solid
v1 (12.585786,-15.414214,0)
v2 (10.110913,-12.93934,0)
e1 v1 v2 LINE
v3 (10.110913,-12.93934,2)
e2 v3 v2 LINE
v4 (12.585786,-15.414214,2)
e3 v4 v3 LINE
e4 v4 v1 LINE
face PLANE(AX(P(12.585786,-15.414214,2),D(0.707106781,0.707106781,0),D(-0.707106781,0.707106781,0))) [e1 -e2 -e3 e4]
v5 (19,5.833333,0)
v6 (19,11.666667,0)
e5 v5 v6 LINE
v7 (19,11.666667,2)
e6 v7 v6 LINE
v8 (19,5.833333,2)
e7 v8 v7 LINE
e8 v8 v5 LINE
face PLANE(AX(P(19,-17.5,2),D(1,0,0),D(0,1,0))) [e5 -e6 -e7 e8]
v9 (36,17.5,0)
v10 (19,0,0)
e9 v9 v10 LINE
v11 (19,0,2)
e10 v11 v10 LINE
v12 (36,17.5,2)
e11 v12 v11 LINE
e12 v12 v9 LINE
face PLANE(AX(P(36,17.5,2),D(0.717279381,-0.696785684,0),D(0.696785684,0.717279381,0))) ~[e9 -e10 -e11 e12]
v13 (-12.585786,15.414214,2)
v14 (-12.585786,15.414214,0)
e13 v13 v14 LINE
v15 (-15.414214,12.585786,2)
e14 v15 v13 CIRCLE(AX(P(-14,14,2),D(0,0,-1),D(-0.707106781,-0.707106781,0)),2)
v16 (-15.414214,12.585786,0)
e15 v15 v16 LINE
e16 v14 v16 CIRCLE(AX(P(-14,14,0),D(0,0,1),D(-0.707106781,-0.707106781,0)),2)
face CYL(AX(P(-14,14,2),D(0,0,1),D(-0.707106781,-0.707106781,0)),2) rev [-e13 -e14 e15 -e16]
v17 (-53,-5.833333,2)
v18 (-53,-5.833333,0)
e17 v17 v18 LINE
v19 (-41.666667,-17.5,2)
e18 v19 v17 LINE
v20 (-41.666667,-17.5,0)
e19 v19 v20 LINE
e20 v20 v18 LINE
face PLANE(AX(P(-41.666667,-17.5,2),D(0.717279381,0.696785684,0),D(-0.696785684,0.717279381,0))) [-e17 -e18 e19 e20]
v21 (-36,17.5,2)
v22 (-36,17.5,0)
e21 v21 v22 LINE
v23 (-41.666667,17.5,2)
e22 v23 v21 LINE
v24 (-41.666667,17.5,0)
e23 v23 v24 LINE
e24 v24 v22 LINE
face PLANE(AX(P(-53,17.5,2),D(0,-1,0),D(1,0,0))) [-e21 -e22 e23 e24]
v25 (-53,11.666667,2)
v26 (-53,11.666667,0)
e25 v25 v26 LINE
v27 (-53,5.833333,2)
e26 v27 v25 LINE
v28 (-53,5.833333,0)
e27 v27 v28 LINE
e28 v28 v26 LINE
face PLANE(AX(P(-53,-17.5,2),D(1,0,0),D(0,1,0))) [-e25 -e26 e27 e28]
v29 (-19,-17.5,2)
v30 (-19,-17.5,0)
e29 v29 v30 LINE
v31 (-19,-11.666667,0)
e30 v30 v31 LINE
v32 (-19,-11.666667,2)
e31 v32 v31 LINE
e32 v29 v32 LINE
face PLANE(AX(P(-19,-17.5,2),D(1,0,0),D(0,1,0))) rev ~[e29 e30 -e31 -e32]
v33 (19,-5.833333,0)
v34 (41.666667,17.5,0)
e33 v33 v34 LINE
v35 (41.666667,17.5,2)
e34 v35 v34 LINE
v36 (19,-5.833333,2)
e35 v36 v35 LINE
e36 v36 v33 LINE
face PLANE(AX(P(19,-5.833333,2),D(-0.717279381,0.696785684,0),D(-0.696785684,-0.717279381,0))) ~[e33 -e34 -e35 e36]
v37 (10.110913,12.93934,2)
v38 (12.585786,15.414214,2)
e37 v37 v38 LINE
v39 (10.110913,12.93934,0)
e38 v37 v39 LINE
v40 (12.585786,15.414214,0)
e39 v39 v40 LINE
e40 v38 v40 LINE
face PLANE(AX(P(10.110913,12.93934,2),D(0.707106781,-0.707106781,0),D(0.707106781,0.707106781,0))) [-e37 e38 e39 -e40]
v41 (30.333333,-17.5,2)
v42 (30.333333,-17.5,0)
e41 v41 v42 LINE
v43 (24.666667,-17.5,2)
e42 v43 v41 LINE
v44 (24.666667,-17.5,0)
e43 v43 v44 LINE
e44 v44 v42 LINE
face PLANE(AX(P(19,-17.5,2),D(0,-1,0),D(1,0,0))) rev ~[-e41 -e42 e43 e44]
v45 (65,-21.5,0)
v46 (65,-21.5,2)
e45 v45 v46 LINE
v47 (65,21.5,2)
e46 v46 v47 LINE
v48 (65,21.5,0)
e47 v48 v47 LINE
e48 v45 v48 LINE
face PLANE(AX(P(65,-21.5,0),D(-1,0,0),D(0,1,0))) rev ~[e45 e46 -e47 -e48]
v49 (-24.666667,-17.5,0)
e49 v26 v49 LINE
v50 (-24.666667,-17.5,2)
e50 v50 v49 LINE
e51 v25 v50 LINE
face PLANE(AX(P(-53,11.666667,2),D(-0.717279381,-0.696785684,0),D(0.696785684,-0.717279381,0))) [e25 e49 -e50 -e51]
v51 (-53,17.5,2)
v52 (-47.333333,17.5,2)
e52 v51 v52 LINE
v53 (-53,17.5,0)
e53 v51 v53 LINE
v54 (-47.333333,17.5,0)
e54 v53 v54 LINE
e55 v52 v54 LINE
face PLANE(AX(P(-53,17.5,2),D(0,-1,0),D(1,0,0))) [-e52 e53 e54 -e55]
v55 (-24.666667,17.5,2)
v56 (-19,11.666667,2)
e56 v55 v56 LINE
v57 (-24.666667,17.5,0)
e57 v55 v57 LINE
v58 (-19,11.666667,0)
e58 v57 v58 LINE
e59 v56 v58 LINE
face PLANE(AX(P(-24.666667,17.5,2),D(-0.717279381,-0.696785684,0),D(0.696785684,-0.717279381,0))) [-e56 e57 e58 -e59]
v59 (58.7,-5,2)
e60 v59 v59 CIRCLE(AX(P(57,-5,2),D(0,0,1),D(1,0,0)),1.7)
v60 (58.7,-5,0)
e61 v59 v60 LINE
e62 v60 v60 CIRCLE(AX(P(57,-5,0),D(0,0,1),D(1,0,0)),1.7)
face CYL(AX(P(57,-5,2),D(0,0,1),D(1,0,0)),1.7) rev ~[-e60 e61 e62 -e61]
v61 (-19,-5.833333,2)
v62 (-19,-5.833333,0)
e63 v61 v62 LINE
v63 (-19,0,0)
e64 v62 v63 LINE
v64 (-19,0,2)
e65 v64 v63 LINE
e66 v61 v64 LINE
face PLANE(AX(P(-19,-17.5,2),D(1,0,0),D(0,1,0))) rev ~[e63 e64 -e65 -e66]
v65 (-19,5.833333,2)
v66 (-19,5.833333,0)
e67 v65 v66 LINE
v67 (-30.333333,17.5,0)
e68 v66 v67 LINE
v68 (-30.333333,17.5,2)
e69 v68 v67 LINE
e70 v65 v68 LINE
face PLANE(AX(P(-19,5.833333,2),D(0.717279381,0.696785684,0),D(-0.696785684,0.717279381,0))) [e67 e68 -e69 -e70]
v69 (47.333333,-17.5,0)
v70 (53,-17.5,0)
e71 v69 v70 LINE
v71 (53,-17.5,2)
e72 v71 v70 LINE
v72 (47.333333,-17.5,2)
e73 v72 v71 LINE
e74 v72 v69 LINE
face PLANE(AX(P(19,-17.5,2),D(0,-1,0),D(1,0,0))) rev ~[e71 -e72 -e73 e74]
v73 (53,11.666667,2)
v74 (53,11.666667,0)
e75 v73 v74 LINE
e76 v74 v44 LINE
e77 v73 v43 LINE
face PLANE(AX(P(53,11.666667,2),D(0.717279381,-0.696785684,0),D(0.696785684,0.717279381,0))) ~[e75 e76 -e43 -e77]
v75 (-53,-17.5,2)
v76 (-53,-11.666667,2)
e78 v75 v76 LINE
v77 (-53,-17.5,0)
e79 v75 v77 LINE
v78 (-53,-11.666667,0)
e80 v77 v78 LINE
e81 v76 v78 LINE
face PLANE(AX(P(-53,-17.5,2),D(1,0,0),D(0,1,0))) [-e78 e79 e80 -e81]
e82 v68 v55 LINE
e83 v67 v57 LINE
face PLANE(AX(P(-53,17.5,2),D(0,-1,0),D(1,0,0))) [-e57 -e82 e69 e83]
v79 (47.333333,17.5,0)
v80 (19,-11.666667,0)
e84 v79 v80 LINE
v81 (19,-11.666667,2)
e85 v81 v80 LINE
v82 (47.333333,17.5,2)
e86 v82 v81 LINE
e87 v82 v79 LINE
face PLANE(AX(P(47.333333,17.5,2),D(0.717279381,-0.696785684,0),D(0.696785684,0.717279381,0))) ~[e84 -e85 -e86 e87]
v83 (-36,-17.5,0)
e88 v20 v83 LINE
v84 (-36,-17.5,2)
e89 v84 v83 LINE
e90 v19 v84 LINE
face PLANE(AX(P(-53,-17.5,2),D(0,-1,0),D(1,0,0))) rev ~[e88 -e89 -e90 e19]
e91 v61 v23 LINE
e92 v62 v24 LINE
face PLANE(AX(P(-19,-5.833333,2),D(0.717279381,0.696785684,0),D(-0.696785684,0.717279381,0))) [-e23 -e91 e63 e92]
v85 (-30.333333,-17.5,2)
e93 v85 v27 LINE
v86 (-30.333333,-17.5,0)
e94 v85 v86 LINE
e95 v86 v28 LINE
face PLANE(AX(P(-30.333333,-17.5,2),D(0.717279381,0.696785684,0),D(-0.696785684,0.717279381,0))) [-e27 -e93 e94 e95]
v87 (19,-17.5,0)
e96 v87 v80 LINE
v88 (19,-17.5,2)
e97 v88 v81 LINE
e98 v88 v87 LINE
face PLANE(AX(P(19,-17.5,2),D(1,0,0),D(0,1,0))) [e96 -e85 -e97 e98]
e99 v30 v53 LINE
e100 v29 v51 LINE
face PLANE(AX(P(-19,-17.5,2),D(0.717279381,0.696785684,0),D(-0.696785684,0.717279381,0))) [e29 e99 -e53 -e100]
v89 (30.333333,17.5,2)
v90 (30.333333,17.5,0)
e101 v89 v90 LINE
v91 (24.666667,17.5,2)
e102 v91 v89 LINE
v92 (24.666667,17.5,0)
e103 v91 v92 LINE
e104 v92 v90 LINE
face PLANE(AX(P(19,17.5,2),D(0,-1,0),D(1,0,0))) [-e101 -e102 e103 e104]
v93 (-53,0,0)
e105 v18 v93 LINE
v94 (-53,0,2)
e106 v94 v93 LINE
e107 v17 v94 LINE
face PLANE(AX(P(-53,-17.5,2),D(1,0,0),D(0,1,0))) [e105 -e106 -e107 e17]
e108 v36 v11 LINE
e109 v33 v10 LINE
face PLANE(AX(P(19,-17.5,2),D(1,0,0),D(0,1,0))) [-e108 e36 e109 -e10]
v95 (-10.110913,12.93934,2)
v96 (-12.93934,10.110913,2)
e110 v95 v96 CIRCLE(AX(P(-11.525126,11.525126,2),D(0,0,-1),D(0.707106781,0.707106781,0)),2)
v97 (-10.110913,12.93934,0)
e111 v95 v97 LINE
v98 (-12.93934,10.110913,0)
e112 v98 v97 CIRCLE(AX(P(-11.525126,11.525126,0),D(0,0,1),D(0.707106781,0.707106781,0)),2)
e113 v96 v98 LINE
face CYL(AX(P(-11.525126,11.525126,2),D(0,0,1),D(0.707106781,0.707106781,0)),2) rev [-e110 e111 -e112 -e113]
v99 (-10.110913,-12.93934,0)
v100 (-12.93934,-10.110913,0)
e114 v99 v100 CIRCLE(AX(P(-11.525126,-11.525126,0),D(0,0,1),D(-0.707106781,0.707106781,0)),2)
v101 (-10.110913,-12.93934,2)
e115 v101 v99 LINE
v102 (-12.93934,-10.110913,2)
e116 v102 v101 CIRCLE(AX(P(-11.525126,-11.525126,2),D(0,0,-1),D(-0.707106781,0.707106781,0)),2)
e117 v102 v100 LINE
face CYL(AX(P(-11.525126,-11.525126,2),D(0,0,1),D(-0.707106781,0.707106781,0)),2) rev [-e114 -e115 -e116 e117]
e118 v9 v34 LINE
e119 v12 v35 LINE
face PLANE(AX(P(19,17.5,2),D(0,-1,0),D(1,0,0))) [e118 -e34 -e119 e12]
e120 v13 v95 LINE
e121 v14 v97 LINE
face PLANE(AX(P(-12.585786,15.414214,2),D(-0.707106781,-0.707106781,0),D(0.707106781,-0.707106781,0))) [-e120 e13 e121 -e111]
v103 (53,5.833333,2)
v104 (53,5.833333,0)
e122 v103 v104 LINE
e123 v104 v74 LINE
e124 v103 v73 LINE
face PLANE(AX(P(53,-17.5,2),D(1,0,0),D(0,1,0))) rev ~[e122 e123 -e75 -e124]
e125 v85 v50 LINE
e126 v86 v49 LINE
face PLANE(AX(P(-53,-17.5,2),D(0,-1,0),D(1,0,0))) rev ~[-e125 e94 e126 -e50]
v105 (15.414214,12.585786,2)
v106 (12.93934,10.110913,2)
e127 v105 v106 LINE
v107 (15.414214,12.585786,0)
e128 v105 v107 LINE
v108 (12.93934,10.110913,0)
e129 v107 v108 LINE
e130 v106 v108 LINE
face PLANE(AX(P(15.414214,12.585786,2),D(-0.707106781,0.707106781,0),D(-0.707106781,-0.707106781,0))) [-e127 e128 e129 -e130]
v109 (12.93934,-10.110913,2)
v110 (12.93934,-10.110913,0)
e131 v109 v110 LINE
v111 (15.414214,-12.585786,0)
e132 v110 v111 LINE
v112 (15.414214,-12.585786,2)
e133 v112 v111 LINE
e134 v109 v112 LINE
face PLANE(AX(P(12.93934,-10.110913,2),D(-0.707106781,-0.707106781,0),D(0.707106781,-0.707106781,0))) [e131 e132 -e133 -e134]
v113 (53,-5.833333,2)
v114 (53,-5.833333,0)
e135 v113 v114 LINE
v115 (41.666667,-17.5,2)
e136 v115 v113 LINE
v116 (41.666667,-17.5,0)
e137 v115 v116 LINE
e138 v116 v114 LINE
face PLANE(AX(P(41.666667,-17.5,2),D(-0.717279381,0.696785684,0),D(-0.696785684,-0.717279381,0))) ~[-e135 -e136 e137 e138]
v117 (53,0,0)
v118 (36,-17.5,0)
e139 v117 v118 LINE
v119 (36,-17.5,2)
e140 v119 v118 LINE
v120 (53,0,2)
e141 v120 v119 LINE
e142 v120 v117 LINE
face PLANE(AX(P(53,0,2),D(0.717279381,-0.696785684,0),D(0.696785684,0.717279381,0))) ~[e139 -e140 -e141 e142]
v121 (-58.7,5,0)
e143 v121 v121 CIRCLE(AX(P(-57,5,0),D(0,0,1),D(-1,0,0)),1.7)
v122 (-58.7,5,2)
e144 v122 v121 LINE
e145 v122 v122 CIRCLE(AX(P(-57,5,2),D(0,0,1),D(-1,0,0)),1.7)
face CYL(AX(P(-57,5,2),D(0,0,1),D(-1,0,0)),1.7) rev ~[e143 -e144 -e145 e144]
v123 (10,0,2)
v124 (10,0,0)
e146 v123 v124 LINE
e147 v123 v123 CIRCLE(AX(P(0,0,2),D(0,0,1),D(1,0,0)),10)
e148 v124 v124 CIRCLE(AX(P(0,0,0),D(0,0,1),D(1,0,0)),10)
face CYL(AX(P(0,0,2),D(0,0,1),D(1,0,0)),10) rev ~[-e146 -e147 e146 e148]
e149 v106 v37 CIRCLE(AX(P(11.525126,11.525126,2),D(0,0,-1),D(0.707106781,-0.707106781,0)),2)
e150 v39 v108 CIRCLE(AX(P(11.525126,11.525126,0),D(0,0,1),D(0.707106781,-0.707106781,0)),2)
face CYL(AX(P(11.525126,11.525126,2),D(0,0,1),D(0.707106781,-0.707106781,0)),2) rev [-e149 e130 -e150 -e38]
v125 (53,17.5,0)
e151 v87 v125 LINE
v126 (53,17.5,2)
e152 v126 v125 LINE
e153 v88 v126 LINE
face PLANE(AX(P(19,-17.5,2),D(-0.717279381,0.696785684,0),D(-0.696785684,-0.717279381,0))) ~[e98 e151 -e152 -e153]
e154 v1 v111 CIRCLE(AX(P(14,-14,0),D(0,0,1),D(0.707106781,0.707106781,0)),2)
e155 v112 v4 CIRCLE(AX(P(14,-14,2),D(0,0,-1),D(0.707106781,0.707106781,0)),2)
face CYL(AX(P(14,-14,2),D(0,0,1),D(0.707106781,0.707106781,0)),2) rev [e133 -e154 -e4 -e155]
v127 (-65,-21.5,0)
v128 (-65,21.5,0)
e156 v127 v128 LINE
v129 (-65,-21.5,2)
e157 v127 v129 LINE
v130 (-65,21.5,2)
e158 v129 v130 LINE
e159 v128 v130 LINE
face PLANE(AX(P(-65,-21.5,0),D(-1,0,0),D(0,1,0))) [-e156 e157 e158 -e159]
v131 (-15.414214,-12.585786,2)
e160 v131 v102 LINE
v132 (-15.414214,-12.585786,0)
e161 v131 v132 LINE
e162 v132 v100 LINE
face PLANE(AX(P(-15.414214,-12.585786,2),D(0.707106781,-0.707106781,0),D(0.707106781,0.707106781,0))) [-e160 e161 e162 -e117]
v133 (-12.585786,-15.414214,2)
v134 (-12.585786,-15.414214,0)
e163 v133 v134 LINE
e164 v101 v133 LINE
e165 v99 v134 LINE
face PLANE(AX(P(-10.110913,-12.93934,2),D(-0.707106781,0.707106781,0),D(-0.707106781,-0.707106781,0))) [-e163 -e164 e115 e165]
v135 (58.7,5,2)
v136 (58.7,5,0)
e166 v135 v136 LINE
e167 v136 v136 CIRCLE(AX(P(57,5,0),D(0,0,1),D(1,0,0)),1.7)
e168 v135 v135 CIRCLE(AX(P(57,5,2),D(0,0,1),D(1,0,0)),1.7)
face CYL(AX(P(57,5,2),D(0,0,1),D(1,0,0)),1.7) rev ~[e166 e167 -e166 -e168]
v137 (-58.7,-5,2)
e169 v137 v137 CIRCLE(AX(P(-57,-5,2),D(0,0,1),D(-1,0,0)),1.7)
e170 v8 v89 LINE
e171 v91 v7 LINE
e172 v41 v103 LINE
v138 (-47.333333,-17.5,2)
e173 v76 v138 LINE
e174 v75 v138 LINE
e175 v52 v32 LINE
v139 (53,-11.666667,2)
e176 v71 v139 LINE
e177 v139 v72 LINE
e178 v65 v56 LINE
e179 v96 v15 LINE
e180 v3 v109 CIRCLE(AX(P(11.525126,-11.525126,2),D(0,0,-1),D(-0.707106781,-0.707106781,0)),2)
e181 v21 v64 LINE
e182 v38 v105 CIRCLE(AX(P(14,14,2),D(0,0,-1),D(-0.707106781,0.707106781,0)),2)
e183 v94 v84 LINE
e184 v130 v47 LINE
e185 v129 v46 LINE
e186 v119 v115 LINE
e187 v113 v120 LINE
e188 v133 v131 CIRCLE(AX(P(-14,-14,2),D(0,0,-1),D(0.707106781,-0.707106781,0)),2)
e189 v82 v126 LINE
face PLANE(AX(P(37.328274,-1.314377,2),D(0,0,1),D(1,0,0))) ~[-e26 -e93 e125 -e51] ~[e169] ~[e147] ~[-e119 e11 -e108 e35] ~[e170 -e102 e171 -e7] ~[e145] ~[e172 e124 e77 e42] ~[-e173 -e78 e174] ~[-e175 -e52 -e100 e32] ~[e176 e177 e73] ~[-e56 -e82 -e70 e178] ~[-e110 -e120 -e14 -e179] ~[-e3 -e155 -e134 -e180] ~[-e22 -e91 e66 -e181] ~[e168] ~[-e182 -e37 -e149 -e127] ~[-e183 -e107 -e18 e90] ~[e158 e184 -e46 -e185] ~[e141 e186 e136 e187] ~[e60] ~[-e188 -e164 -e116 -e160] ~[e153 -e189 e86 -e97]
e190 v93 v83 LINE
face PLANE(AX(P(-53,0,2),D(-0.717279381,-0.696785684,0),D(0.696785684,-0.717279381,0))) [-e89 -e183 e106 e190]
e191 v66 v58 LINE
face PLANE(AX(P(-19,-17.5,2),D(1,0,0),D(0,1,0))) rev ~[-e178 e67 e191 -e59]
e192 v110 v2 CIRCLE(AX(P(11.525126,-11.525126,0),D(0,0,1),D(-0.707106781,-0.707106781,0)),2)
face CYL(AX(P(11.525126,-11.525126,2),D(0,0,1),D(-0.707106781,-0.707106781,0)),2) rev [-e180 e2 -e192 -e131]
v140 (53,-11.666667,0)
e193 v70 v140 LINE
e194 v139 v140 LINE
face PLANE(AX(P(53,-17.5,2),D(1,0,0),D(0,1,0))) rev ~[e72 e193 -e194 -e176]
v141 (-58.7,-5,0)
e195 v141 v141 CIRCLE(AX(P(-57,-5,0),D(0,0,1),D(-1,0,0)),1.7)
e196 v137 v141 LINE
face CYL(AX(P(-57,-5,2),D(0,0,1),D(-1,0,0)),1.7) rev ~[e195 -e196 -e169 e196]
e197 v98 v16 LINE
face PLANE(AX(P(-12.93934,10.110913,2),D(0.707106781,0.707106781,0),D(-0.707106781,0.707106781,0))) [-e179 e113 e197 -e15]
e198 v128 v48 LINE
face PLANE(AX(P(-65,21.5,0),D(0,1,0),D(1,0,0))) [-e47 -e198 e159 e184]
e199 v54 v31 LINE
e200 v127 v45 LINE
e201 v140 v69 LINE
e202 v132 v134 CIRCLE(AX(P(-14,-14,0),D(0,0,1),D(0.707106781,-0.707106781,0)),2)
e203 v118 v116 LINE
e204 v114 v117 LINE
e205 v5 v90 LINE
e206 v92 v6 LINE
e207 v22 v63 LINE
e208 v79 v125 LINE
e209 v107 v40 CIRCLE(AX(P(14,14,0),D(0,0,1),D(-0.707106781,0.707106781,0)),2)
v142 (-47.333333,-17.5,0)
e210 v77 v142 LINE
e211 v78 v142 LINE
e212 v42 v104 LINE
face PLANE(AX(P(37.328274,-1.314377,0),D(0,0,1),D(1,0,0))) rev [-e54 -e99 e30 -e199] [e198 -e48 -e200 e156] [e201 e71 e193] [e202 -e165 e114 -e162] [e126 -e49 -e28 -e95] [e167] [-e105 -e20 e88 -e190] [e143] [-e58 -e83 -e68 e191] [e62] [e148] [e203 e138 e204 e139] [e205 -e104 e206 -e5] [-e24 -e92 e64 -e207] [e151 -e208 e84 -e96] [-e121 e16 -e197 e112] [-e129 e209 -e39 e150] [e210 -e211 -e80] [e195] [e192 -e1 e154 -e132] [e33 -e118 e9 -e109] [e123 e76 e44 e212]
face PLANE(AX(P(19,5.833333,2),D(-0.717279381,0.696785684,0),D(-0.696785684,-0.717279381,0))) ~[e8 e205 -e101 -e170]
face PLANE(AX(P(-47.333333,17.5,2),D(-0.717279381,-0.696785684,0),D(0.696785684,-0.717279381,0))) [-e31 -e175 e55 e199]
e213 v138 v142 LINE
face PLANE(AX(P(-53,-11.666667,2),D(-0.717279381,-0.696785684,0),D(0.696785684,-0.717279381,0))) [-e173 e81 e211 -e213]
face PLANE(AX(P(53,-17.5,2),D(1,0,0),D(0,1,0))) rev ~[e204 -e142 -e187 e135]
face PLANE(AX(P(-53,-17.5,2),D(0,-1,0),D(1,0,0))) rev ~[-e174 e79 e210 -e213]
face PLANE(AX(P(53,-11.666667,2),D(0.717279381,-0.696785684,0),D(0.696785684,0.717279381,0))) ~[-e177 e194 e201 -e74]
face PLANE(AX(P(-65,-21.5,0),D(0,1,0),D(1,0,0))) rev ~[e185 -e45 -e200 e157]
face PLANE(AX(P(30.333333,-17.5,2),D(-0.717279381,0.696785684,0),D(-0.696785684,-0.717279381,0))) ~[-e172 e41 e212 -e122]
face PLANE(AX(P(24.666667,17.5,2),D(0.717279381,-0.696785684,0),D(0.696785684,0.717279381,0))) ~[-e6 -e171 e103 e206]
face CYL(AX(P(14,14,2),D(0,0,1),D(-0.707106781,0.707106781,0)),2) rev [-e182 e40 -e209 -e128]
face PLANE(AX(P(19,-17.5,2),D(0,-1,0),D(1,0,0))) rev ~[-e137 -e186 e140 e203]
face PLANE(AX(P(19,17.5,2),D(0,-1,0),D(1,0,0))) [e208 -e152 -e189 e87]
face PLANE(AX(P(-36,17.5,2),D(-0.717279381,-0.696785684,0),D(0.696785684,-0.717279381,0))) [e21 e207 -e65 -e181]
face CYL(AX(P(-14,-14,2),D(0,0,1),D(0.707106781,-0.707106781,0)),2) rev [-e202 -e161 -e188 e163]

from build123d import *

# Parameters (mm, degrees)
SKETCH_1_W          = 130
SKETCH_1_H          = 43
EXTRUDE_1_DEPTH     = 2
CUT_EXTRUDE_1_DEPTH = 69.492700341
SKETCH_3_R          = 1.7
CUT_EXTRUDE_2_DEPTH = 69.492700341
SKETCH_4_R          = 10
SKETCH_4_W          = 34
SKETCH_4_H          = 35
CUT_EXTRUDE_3_DEPTH = 69.492700341
EXTRUDE_2_DEPTH     = 2


with BuildPart() as part:
    # 草图1 → 凸台-拉伸1 (new body)
    with BuildSketch(Plane.XY):
        Rectangle(SKETCH_1_W, SKETCH_1_H)
    extrude(amount=EXTRUDE_1_DEPTH)

    # 草图2 → 切除-拉伸1 (cut, through all)
    with BuildSketch(Plane.XY.offset(2)):
        with BuildLine():
            Line((-12.585786438, 15.414213562), (-10.110912703, 12.939339828))
            ThreePointArc((-10.110912703, 12.939339828), (-10.110912703, 10.110912703), (-12.939339828, 10.110912703))
            Line((-12.939339828, 10.110912703), (-15.414213562, 12.585786438))
            ThreePointArc((-15.414213562, 12.585786438), (-15.414213562, 15.414213562), (-12.585786438, 15.414213562))
        make_face()
        with BuildLine():
            Line((15.414213562, 12.585786438), (12.939339828, 10.110912703))
            ThreePointArc((12.939339828, 10.110912703), (10.110912703, 10.110912703), (10.110912703, 12.939339828))
            Line((10.110912703, 12.939339828), (12.585786438, 15.414213562))
            ThreePointArc((12.585786438, 15.414213562), (15.414213562, 15.414213562), (15.414213562, 12.585786438))
        make_face()
        with BuildLine():
            Line((12.585786438, -15.414213562), (10.110912703, -12.939339828))
            ThreePointArc((10.110912703, -12.939339828), (10.110912703, -10.110912703), (12.939339828, -10.110912703))
            Line((12.939339828, -10.110912703), (15.414213562, -12.585786438))
            ThreePointArc((15.414213562, -12.585786438), (15.414213562, -15.414213562), (12.585786438, -15.414213562))
        make_face()
        with BuildLine():
            Line((-15.414213562, -12.585786438), (-12.939339828, -10.110912703))
            ThreePointArc((-12.939339828, -10.110912703), (-10.110912703, -10.110912703), (-10.110912703, -12.939339828))
            Line((-10.110912703, -12.939339828), (-12.585786438, -15.414213562))
            ThreePointArc((-12.585786438, -15.414213562), (-15.414213562, -15.414213562), (-15.414213562, -12.585786438))
        make_face()
    extrude(amount=-CUT_EXTRUDE_1_DEPTH, mode=Mode.SUBTRACT)

    # 草图3 → 切除-拉伸2 (cut, through all)
    with BuildSketch(Plane.XY.offset(2)):
        with Locations((57, 5)):
            Circle(SKETCH_3_R)
        with Locations((57, -5)):
            Circle(SKETCH_3_R)
        with Locations(Location((-57, -5, 0), (0, 0, 180))):
            Circle(SKETCH_3_R)
        with Locations(Location((-57, 5, 0), (0, 0, 180))):
            Circle(SKETCH_3_R)
    extrude(amount=-CUT_EXTRUDE_2_DEPTH, mode=Mode.SUBTRACT)

    # 草图4 → 切除-拉伸3 (cut, through all)
    with BuildSketch(Plane.XY.offset(2)):
        Circle(SKETCH_4_R)
        with Locations((-36, 0)):
            Rectangle(SKETCH_4_W, SKETCH_4_H)
        with Locations((36, 0)):
            Rectangle(SKETCH_4_W, SKETCH_4_H)
    extrude(amount=-CUT_EXTRUDE_3_DEPTH, mode=Mode.SUBTRACT)

    # 草图6 → 凸台-拉伸2 (add, through all)
    with BuildSketch(Plane.XY.offset(2)):
        Polygon((-19, -17.5), (-53, 17.5), (-53, 11.666666667), (-24.666666667, -17.5), align=None)
        Polygon((-41.666666667, 17.5), (-47.333333333, 17.5), (-19, -11.666666667), (-19, -5.833333333), align=None)
        Polygon((-30.333333333, -17.5), (-53, 5.833333333), (-53, 0), (-36, -17.5), align=None)
        Polygon((-30.333333333, 17.5), (-36, 17.5), (-19, 0), (-19, 5.833333333), align=None)
        Polygon((-41.666666667, -17.5), (-53, -5.833333333), (-53, -11.666666667), (-47.333333333, -17.5), align=None)
        Polygon((-19, 17.5), (-24.666666667, 17.5), (-19, 11.666666667), align=None)
    extrude_2 = extrude(amount=-EXTRUDE_2_DEPTH)

    # 镜向1: 凸台-拉伸2 across plane
    add(extrude_2.mirror(Plane(origin=(0, 0, 0), x_dir=(0, 0, 1), z_dir=(1, 0, 0))))


solid = part.part
